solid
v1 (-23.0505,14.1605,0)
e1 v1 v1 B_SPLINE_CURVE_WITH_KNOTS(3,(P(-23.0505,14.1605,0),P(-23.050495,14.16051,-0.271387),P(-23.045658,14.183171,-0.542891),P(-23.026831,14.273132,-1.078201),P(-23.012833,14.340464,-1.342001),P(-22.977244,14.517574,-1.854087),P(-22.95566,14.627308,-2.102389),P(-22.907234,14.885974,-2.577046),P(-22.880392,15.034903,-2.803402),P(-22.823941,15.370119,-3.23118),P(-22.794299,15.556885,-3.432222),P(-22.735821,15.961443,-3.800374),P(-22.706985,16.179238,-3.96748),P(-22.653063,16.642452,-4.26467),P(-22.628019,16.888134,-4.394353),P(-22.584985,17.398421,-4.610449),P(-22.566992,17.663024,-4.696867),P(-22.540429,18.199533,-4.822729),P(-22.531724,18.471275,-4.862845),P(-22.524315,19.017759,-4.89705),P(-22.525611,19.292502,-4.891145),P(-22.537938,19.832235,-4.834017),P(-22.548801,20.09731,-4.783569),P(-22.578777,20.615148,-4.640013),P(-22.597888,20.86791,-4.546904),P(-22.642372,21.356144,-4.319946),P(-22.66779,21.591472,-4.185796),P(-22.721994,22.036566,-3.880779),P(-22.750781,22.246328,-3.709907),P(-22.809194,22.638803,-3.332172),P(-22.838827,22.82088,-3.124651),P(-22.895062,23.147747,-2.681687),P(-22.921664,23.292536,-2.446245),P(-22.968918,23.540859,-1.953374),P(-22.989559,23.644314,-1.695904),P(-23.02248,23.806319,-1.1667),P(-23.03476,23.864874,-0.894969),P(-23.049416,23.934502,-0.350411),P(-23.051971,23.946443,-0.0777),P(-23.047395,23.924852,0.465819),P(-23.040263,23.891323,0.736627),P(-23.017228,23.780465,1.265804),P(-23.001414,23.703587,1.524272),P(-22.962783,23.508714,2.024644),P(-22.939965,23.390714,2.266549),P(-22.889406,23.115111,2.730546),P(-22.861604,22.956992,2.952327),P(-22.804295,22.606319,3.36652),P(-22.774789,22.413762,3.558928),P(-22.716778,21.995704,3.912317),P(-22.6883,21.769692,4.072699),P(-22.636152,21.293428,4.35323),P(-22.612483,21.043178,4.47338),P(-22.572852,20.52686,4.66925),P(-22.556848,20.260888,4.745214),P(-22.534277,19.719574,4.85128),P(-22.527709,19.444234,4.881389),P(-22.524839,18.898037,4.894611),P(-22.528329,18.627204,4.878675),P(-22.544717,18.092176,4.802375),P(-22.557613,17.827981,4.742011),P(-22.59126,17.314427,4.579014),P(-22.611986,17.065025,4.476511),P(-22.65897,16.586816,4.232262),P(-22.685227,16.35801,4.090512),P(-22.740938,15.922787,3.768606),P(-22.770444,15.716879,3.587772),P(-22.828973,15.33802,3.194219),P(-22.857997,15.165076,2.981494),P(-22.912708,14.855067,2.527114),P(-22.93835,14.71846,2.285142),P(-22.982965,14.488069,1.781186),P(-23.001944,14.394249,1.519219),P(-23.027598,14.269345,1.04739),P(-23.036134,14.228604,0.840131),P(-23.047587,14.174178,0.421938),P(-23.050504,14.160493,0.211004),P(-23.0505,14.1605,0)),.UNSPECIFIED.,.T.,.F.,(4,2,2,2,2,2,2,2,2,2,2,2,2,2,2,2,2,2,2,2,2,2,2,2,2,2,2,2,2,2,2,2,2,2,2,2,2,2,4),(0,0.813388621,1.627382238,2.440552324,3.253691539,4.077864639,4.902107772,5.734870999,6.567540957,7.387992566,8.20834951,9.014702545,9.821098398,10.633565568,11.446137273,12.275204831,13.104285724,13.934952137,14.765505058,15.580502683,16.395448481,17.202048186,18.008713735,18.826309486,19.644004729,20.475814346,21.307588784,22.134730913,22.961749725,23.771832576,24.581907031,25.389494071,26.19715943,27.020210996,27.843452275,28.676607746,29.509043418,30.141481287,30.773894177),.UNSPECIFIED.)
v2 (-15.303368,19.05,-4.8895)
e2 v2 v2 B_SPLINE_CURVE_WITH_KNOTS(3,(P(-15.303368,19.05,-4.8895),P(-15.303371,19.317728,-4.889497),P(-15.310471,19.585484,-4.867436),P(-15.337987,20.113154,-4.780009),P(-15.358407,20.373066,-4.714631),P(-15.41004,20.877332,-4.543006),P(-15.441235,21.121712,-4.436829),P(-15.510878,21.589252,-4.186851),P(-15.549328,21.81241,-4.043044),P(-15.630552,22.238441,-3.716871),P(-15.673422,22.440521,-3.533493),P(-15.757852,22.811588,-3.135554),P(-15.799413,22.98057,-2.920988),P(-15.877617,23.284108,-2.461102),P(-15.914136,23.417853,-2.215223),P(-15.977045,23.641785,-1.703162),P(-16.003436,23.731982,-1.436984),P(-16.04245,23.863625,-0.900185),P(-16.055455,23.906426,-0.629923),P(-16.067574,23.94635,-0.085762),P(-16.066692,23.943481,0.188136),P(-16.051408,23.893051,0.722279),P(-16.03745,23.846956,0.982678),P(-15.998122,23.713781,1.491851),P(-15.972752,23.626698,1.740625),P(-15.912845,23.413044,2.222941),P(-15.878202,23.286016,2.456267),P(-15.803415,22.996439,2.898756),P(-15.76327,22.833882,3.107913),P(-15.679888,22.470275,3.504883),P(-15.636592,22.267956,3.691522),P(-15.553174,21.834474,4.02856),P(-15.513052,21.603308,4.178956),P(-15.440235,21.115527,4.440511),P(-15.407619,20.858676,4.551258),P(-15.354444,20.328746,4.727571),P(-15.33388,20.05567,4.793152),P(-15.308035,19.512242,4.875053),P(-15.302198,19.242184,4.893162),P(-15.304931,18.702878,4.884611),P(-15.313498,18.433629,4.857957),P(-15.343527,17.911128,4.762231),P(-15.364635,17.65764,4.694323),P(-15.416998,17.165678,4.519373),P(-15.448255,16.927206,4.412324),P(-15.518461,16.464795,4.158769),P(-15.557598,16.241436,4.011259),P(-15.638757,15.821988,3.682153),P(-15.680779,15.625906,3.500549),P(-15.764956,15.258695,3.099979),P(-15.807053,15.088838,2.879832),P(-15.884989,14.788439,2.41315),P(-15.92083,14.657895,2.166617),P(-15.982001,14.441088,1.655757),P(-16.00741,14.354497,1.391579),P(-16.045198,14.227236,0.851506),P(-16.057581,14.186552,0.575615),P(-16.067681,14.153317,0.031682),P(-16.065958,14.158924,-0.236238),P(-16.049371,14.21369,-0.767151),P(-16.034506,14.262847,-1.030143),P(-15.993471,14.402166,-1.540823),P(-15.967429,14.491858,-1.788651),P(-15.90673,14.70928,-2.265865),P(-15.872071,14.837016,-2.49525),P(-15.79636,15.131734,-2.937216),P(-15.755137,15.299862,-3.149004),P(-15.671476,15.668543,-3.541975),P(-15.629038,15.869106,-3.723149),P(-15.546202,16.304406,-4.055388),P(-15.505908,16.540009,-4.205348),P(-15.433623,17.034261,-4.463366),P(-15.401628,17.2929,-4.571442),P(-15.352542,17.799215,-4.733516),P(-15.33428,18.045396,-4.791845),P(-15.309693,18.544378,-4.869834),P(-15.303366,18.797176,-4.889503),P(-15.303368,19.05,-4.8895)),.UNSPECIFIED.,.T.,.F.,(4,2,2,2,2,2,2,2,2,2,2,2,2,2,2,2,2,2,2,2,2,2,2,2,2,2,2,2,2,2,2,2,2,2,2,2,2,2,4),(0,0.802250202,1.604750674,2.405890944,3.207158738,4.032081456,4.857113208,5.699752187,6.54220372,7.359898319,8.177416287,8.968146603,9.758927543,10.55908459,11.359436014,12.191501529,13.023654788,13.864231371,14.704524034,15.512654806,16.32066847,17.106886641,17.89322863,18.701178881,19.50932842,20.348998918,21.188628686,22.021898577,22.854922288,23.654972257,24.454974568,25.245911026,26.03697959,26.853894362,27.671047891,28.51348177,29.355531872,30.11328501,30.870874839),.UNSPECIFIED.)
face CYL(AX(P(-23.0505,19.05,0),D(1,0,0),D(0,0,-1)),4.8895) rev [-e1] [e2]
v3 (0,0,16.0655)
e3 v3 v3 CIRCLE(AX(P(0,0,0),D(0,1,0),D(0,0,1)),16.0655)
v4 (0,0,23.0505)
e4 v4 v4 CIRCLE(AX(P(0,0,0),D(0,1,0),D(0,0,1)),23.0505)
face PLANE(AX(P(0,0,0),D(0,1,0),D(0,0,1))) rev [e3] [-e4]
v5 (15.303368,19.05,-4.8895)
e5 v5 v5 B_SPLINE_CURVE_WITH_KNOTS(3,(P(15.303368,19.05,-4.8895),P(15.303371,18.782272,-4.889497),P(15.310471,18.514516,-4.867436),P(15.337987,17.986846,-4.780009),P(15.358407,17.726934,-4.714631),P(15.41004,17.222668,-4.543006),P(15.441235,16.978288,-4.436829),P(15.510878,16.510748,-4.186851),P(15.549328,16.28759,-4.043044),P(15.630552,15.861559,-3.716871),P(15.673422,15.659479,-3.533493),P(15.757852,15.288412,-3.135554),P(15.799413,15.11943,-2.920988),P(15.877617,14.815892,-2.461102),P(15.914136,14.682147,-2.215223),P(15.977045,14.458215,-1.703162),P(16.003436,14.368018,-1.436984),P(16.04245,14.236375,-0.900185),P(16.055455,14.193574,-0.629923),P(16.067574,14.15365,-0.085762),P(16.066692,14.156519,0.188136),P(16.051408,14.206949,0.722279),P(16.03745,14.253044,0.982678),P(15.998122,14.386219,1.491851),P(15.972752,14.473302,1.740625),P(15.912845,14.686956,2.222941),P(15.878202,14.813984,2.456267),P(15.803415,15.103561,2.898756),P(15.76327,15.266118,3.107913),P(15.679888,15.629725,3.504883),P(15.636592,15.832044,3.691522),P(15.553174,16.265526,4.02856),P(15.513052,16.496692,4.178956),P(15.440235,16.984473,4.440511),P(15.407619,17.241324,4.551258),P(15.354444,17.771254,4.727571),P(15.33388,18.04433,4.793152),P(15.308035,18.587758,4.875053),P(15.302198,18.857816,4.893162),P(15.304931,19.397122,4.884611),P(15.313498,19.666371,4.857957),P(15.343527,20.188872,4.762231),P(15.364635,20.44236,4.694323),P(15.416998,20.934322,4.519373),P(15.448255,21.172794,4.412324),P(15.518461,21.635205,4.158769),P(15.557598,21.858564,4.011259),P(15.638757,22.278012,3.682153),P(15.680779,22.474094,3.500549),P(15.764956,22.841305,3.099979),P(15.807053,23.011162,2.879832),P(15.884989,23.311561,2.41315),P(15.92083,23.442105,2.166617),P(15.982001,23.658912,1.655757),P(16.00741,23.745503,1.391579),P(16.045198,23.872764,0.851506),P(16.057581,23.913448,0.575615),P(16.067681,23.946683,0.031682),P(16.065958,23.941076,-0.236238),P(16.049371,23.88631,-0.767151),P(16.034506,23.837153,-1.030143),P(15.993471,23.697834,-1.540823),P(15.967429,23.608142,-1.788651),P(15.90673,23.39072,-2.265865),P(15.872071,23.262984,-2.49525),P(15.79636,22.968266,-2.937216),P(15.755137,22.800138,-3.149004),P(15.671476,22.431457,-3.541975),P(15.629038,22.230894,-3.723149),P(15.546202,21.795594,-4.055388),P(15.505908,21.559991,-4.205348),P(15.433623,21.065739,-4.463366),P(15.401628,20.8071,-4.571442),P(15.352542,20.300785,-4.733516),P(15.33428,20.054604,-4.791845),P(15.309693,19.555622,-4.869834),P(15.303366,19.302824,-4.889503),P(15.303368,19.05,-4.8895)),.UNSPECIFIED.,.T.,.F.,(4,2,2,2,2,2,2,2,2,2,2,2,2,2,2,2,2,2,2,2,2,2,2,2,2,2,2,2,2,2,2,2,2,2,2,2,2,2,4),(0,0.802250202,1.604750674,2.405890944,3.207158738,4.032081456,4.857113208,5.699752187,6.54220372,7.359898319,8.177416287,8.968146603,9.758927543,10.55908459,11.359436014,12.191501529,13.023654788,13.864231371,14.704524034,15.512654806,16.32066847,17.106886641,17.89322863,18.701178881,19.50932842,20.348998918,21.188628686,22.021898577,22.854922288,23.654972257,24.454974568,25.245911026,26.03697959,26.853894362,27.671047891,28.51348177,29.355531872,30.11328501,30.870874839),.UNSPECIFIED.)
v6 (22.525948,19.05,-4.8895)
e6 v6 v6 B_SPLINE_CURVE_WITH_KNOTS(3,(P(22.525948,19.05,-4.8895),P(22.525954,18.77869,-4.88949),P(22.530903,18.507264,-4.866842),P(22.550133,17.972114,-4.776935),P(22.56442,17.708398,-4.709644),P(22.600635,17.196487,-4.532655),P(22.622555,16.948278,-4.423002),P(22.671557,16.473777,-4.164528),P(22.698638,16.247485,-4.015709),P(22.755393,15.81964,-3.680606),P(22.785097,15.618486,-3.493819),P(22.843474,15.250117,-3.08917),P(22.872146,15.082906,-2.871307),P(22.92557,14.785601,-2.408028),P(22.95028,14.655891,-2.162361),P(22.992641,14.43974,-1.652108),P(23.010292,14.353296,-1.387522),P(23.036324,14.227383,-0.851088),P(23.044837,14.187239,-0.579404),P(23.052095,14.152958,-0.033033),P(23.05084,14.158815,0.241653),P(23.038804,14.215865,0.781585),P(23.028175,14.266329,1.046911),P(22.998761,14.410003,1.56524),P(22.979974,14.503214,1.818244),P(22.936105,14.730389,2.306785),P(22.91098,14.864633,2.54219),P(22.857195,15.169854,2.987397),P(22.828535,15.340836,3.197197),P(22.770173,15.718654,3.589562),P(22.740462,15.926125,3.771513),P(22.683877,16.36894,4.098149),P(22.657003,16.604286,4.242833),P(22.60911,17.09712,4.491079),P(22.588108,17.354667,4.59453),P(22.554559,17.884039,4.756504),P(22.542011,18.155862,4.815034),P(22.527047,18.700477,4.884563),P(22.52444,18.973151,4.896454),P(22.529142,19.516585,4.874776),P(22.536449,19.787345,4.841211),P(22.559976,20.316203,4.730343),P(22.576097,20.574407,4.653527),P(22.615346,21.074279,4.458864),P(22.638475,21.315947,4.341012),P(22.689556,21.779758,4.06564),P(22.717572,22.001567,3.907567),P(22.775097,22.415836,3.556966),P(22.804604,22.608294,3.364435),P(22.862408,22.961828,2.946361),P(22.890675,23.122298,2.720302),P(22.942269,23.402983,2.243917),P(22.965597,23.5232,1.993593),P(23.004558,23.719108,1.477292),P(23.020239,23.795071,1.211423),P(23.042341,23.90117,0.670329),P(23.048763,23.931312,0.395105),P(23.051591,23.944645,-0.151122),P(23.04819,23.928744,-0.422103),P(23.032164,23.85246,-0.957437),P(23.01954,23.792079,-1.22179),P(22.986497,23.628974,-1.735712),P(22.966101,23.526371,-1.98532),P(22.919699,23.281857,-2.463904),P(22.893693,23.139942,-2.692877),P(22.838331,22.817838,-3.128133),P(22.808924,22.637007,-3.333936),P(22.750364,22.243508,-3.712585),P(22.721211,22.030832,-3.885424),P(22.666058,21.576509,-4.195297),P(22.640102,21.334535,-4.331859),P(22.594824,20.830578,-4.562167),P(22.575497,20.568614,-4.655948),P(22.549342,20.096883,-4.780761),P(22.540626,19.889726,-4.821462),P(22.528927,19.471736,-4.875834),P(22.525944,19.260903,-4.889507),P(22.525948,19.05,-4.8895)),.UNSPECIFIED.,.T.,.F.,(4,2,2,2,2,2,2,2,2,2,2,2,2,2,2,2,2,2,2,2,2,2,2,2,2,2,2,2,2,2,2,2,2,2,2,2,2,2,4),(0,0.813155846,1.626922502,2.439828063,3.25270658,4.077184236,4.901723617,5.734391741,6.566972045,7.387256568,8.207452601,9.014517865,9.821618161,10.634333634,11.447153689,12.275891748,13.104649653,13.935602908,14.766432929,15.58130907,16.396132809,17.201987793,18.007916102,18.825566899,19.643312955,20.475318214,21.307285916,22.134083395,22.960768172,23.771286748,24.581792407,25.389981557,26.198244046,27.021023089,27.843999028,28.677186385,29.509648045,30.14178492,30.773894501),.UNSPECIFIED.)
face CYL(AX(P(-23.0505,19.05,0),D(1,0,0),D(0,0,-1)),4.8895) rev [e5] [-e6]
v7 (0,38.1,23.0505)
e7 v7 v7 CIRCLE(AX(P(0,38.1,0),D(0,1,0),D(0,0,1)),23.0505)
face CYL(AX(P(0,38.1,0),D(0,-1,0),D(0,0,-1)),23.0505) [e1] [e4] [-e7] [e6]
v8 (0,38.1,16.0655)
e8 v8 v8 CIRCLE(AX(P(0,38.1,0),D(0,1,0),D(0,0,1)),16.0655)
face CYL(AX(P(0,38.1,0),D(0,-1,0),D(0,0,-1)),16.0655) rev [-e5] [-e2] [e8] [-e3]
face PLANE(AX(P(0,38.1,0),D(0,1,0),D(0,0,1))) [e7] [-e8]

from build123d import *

# Parameters (mm, degrees)
SKETCH1_R               = 23.0505
SKETCH1_R_2             = 16.0655
BOSS_EXTRUDE1_DEPTH     = 38.1
CUT_EXTRUDE1_DEPTH      = 51.142408204
CUT_EXTRUDE1_DEPTH_BACK = 51.142408204
SKETCH2_R               = 4.8895


with BuildPart() as part:
    # Sketch1 → Boss-Extrude1 (new body)
    with BuildSketch(Plane(origin=(0, 0, 0), x_dir=(-1, 0, 0), z_dir=(0, 1, 0))):
        with Locations(Location((0, 0, 0), (0, 0, 270))):
            Circle(SKETCH1_R)
        with Locations(Location((0, 0, 0), (0, 0, 270))):
            Circle(SKETCH1_R_2, mode=Mode.SUBTRACT)
    extrude(amount=BOSS_EXTRUDE1_DEPTH)

    # Sketch2 → Cut-Extrude1 (cut, two sides: drawn at the far end of the back side and taken through both)
    with BuildSketch(Plane.YZ.offset(-CUT_EXTRUDE1_DEPTH_BACK)):
        with Locations(Location((19.05, 0, 0), (0, 0, 270))):
            Circle(SKETCH2_R)
    extrude(amount=CUT_EXTRUDE1_DEPTH + CUT_EXTRUDE1_DEPTH_BACK, mode=Mode.SUBTRACT)


solid = part.part
